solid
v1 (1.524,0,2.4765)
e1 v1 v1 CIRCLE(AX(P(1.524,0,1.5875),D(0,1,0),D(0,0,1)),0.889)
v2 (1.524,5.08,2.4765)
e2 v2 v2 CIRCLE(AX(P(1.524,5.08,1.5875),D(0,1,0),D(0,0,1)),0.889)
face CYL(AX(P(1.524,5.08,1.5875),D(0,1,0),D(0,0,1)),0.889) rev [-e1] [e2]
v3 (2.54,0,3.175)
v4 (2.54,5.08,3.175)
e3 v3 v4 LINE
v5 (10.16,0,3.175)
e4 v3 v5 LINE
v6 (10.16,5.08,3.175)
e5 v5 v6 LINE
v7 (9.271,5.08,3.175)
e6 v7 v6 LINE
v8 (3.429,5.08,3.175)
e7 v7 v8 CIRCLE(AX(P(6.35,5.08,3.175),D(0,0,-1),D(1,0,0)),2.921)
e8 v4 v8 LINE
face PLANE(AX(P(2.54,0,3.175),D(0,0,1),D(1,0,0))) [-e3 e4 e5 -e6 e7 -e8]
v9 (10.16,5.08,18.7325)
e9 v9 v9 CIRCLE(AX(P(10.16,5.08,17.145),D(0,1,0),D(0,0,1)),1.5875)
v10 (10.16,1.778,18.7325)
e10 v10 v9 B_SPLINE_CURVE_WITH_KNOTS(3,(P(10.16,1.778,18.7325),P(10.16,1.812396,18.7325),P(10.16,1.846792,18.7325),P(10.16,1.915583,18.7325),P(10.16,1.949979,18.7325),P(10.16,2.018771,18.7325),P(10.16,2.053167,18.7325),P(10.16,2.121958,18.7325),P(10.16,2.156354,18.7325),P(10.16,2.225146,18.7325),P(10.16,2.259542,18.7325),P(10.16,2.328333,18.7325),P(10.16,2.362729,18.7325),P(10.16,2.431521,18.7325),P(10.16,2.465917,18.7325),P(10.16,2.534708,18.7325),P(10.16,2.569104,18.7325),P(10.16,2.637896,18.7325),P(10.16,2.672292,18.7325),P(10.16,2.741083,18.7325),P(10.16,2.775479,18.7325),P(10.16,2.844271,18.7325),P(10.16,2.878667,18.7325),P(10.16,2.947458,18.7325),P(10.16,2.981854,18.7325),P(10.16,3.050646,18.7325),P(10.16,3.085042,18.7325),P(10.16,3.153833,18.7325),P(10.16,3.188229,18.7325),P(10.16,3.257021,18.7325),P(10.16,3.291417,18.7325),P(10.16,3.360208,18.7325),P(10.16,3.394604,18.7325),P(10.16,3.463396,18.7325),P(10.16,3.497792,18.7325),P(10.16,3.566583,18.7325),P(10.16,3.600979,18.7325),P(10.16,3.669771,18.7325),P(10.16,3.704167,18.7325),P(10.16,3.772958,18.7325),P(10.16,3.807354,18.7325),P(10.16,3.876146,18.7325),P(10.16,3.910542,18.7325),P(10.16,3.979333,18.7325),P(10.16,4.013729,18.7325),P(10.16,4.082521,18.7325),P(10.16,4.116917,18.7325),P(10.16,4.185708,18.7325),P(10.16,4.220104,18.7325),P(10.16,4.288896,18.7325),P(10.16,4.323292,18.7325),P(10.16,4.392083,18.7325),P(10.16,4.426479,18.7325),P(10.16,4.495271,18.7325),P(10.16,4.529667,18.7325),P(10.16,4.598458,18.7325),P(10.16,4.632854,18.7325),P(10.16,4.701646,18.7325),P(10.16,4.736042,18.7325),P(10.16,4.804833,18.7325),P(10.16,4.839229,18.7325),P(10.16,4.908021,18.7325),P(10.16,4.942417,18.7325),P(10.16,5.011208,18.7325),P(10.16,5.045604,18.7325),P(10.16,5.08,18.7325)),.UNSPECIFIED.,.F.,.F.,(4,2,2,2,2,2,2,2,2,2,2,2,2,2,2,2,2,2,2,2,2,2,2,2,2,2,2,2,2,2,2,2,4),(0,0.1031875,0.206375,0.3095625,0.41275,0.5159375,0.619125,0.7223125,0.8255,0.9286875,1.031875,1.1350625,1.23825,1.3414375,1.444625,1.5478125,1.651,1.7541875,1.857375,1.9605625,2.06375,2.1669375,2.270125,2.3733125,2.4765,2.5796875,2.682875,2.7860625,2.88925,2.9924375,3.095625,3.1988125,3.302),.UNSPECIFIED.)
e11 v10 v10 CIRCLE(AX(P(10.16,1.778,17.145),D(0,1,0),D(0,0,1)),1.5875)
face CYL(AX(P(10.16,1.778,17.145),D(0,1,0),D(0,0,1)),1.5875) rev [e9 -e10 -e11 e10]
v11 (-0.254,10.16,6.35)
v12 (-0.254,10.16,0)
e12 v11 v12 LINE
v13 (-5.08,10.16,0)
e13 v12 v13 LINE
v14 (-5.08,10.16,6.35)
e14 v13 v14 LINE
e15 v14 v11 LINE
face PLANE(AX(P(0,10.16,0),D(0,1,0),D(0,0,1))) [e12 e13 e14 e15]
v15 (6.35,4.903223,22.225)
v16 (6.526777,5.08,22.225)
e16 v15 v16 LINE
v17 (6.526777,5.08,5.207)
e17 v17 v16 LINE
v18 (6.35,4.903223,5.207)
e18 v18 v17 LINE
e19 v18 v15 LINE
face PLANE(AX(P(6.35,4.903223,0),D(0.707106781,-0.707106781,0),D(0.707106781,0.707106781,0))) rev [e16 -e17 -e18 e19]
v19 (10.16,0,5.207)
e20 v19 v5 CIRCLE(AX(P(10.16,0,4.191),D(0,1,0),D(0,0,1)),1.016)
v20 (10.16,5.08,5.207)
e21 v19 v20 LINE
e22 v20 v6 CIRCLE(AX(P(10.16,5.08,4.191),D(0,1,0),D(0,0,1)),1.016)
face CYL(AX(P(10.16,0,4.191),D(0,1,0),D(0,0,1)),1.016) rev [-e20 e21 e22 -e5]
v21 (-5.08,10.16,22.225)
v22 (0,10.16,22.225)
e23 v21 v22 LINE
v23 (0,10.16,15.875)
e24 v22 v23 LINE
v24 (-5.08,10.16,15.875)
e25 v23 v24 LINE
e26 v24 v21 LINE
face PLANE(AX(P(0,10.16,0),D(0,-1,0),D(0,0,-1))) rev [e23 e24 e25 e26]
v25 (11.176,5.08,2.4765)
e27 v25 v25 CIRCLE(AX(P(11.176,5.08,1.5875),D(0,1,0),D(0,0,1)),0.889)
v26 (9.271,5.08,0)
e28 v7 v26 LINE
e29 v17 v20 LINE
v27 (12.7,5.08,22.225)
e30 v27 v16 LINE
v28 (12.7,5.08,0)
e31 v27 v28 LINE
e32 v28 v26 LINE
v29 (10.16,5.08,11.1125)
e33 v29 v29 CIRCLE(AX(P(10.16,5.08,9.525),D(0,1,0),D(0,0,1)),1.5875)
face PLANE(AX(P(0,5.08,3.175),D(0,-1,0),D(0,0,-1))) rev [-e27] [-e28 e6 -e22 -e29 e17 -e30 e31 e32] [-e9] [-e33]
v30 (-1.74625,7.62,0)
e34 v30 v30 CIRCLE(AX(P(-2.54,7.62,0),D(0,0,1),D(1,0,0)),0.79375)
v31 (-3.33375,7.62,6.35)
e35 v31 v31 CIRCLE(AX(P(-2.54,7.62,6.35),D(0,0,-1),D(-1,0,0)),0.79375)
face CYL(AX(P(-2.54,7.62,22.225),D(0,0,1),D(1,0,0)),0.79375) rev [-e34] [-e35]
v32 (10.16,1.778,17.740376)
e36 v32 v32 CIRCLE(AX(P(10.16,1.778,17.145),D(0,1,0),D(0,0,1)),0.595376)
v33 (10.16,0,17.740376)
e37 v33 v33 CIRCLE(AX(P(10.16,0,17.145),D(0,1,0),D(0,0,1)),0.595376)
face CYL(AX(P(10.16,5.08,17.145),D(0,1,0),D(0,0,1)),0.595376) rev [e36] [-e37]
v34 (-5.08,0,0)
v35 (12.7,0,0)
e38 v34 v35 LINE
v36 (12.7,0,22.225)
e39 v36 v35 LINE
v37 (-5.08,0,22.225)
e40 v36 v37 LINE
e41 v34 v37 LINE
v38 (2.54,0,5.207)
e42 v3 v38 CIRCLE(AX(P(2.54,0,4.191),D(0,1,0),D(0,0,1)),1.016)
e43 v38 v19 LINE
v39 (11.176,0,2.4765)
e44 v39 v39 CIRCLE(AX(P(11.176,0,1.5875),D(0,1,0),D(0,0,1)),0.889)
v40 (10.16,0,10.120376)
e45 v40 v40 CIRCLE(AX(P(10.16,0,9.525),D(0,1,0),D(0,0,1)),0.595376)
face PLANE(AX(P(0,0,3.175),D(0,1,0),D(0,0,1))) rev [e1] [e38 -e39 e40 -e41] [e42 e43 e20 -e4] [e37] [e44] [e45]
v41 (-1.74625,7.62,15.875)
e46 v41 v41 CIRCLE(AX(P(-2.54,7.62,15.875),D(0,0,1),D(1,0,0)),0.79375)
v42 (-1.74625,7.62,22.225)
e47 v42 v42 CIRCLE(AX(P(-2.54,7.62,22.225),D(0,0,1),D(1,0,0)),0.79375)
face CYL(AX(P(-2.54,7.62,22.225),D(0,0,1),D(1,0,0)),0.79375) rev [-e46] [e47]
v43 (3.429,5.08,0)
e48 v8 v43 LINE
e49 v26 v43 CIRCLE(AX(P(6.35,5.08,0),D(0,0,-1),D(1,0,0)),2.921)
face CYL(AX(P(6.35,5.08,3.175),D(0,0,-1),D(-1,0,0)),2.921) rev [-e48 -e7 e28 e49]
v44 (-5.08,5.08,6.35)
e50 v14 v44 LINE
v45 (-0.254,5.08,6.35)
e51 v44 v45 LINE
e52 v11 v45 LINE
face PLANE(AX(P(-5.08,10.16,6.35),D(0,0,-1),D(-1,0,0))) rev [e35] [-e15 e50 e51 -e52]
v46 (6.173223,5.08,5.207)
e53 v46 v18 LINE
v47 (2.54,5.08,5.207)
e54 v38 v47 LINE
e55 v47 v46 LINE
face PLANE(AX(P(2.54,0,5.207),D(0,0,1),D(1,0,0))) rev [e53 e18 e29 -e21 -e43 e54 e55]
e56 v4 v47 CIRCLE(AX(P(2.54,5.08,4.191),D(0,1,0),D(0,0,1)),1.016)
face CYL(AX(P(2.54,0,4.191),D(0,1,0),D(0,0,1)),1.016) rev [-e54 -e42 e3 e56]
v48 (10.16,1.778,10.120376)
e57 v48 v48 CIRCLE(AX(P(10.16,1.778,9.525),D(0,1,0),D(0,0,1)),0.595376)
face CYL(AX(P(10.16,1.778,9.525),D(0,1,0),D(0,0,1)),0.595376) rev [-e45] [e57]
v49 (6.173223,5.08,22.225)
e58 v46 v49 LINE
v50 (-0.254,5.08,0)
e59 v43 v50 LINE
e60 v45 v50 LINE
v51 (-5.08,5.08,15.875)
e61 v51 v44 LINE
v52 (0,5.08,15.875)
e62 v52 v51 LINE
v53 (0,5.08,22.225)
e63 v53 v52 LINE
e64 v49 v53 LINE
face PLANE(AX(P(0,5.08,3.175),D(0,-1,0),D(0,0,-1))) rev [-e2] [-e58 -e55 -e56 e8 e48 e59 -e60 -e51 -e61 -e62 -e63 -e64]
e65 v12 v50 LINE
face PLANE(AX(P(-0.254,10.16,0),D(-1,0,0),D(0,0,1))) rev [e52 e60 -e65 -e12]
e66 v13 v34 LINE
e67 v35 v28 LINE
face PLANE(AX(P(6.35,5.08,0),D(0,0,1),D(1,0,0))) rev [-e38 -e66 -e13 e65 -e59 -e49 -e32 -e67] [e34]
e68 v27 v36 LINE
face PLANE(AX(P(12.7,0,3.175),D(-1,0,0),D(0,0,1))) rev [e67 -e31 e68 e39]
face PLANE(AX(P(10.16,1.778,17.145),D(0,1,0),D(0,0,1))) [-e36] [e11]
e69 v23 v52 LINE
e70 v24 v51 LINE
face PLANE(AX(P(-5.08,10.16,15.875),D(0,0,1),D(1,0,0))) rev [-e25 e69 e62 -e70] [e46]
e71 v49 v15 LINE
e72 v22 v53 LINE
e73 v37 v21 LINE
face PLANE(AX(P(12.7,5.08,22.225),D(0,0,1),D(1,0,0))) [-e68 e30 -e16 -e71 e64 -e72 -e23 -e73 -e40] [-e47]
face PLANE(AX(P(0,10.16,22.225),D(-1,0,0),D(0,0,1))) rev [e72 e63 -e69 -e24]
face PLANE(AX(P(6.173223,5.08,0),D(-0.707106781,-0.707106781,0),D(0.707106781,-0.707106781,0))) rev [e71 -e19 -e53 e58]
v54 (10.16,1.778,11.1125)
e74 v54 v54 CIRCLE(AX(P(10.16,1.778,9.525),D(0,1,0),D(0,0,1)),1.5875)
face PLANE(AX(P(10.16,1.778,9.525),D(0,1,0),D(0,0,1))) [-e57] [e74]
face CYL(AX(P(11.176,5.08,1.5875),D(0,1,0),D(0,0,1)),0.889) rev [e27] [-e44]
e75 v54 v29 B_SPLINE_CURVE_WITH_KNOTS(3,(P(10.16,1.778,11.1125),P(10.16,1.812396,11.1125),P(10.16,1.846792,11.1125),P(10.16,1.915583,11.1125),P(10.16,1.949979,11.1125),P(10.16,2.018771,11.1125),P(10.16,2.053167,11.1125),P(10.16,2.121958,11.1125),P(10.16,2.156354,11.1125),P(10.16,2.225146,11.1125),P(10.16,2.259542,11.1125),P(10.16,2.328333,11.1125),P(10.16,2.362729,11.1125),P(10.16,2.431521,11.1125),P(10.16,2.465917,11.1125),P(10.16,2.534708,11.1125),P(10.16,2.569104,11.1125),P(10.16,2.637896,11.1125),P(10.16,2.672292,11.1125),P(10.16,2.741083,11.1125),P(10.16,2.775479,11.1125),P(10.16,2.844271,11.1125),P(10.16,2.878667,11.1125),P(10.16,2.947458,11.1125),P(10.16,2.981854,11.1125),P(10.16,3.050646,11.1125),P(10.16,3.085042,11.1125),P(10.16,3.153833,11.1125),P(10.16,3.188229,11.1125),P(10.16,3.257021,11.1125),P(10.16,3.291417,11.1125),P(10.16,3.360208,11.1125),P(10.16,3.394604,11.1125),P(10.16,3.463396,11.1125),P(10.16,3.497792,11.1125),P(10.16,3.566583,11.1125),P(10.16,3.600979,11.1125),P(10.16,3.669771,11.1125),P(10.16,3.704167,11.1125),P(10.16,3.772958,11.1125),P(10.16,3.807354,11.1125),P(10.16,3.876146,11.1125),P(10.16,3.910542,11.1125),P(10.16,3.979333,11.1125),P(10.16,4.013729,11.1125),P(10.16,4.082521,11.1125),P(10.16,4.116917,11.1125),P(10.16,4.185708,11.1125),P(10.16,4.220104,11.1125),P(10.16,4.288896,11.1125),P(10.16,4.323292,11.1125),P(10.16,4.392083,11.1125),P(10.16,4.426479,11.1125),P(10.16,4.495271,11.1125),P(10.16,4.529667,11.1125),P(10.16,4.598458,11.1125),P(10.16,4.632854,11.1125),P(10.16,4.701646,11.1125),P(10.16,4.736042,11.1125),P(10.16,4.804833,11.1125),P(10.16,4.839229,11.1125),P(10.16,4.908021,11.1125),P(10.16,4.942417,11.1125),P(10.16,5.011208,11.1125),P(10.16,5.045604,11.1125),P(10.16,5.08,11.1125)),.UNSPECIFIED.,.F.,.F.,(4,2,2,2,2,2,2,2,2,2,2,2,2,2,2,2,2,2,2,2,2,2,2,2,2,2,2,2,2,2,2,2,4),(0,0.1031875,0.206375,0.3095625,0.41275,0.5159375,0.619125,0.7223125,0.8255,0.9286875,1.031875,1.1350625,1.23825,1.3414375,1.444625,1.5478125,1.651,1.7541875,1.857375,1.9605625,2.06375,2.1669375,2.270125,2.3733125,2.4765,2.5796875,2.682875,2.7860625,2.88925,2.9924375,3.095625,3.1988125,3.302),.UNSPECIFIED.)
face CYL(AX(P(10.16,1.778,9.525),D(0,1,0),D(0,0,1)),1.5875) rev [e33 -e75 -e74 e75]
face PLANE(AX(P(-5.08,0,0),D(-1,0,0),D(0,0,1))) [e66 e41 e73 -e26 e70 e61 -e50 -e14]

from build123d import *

# Parameters (mm, degrees)
BOSS_EXTRUDE1_DEPTH                       = 3.175
SKETCH3_W                                 = 12.7
SKETCH3_H                                 = 19.05
BOSS_EXTRUDE2_DEPTH                       = 5.08
CUT_EXTRUDE2_DEPTH                        = 27.096877687
CUT_EXTRUDE3_DEPTH                        = 27.096877687
F_2_56_TAPPED_HOLE1_D                     = 1.778
SKETCH9_W                                 = 22.225
SKETCH9_H                                 = 5.08
BOSS_EXTRUDE3_DEPTH                       = 5.08
SKETCH12_R                                = 1.5875
CUT_EXTRUDE4_DEPTH                        = 3.302
SKETCH13_W                                = 4.826
SKETCH13_H                                = 6.35
SKETCH13_W_2                              = 5.08
BOSS_EXTRUDE4_DEPTH                       = 5.08
F_1_16_0_0625_DIAMETER_HOLE1_D            = 1.5875
F_3_64_0_04688_DIAMETER_HOLE1_D           = 1.190752
F_3_64_0_04688_DIAMETER_HOLE1_ON_FACE_2_D = 1.190752


with BuildPart() as part:
    # Sketch1 → Boss-Extrude1 (new body)
    with BuildSketch(Plane.XY):
        with BuildLine():
            Line((9.271, 5.08), (12.7, 5.08))
            Line((12.7, 5.08), (12.7, 0))
            Line((12.7, 0), (0, 0))
            Line((0, 0), (0, 5.08))
            Line((0, 5.08), (3.429, 5.08))
            ThreePointArc((3.429, 5.08), (6.35, 2.159), (9.271, 5.08))
        make_face()
    extrude(amount=BOSS_EXTRUDE1_DEPTH)

    # Sketch3 → Boss-Extrude2 (add)
    with BuildSketch(Plane.XZ):
        with Locations((6.35, 12.7)):
            Rectangle(SKETCH3_W, SKETCH3_H)
    extrude(amount=-BOSS_EXTRUDE2_DEPTH)

    # Sketch7 → Cut-Extrude2 (cut, through all)
    with BuildSketch(Plane(origin=(0, 5.08, 0), x_dir=(1, 0, 0), z_dir=(0, 1, 0))):
        with BuildLine():
            Line((2.54, -3.175), (10.16, -3.175))
            ThreePointArc((10.16, -3.175), (11.176, -4.191), (10.16, -5.207))
            Line((10.16, -5.207), (2.54, -5.207))
            ThreePointArc((2.54, -5.207), (1.524, -4.191), (2.54, -3.175))
        make_face()
    extrude(amount=-CUT_EXTRUDE2_DEPTH, mode=Mode.SUBTRACT)

    # Sketch6 → Cut-Extrude3 (cut, through all)
    with BuildSketch(Plane.XY.offset(22.225)):
        Polygon((6.173223305, 5.08), (6.35, 4.903223305), (6.526776695, 5.08), align=None)
    extrude(amount=-CUT_EXTRUDE3_DEPTH, mode=Mode.SUBTRACT)

    # #2-56 Tapped Hole1 (through all)
    with Locations(Plane(origin=(11.176, 5.08, 1.5875), x_dir=(0, 0, 1), z_dir=(0, 1, 0))):
        with Locations((0, 0), (0, -9.652)):
            Hole(F_2_56_TAPPED_HOLE1_D / 2)

    # Sketch9 → Boss-Extrude3 (add)
    with BuildSketch(Plane.ZY):
        with Locations((11.1125, 2.54)):
            Rectangle(SKETCH9_W, SKETCH9_H)
    extrude(amount=BOSS_EXTRUDE3_DEPTH)

    # Sketch12 → Cut-Extrude4 (cut)
    with BuildSketch(Plane(origin=(0, 5.08, 0), x_dir=(1, 0, 0), z_dir=(0, 1, 0))):
        with Locations(Location((10.16, -17.145, 0), (0, 0, 270))):
            Circle(SKETCH12_R)
        with Locations(Location((10.16, -9.525, 0), (0, 0, 270))):
            Circle(SKETCH12_R)
    extrude(amount=-CUT_EXTRUDE4_DEPTH, mode=Mode.SUBTRACT)

    # Sketch13 → Boss-Extrude4 (add)
    with BuildSketch(Plane(origin=(0, 5.08, 0), x_dir=(1, 0, 0), z_dir=(0, 1, 0))):
        with Locations((-2.667, -3.175)):
            Rectangle(SKETCH13_W, SKETCH13_H)
        with Locations((-2.54, -19.05)):
            Rectangle(SKETCH13_W_2, SKETCH13_H)
    extrude(amount=BOSS_EXTRUDE4_DEPTH)

    # 1/16 (0.0625) Diameter Hole1 (through all)
    with Locations(Plane.XY.offset(22.225)):
        with Locations((-2.54, 7.62)):
            Hole(F_1_16_0_0625_DIAMETER_HOLE1_D / 2)

    # 3/64 (0.04688) Diameter Hole1 (through all)
    with Locations(Plane(origin=(10.16, 5.08, 17.145), x_dir=(0, 0, 1), z_dir=(0, 1, 0))):
        with Locations((0, 0)):
            Hole(F_3_64_0_04688_DIAMETER_HOLE1_D / 2)

    # 3/64 (0.04688) Diameter Hole1 on face 2 (through all)
    with Locations(Plane(origin=(10.16, 1.778, 9.525), x_dir=(0, 0, 1), z_dir=(0, 1, 0))):
        with Locations((0, 0)):
            Hole(F_3_64_0_04688_DIAMETER_HOLE1_ON_FACE_2_D / 2)


solid = part.part
